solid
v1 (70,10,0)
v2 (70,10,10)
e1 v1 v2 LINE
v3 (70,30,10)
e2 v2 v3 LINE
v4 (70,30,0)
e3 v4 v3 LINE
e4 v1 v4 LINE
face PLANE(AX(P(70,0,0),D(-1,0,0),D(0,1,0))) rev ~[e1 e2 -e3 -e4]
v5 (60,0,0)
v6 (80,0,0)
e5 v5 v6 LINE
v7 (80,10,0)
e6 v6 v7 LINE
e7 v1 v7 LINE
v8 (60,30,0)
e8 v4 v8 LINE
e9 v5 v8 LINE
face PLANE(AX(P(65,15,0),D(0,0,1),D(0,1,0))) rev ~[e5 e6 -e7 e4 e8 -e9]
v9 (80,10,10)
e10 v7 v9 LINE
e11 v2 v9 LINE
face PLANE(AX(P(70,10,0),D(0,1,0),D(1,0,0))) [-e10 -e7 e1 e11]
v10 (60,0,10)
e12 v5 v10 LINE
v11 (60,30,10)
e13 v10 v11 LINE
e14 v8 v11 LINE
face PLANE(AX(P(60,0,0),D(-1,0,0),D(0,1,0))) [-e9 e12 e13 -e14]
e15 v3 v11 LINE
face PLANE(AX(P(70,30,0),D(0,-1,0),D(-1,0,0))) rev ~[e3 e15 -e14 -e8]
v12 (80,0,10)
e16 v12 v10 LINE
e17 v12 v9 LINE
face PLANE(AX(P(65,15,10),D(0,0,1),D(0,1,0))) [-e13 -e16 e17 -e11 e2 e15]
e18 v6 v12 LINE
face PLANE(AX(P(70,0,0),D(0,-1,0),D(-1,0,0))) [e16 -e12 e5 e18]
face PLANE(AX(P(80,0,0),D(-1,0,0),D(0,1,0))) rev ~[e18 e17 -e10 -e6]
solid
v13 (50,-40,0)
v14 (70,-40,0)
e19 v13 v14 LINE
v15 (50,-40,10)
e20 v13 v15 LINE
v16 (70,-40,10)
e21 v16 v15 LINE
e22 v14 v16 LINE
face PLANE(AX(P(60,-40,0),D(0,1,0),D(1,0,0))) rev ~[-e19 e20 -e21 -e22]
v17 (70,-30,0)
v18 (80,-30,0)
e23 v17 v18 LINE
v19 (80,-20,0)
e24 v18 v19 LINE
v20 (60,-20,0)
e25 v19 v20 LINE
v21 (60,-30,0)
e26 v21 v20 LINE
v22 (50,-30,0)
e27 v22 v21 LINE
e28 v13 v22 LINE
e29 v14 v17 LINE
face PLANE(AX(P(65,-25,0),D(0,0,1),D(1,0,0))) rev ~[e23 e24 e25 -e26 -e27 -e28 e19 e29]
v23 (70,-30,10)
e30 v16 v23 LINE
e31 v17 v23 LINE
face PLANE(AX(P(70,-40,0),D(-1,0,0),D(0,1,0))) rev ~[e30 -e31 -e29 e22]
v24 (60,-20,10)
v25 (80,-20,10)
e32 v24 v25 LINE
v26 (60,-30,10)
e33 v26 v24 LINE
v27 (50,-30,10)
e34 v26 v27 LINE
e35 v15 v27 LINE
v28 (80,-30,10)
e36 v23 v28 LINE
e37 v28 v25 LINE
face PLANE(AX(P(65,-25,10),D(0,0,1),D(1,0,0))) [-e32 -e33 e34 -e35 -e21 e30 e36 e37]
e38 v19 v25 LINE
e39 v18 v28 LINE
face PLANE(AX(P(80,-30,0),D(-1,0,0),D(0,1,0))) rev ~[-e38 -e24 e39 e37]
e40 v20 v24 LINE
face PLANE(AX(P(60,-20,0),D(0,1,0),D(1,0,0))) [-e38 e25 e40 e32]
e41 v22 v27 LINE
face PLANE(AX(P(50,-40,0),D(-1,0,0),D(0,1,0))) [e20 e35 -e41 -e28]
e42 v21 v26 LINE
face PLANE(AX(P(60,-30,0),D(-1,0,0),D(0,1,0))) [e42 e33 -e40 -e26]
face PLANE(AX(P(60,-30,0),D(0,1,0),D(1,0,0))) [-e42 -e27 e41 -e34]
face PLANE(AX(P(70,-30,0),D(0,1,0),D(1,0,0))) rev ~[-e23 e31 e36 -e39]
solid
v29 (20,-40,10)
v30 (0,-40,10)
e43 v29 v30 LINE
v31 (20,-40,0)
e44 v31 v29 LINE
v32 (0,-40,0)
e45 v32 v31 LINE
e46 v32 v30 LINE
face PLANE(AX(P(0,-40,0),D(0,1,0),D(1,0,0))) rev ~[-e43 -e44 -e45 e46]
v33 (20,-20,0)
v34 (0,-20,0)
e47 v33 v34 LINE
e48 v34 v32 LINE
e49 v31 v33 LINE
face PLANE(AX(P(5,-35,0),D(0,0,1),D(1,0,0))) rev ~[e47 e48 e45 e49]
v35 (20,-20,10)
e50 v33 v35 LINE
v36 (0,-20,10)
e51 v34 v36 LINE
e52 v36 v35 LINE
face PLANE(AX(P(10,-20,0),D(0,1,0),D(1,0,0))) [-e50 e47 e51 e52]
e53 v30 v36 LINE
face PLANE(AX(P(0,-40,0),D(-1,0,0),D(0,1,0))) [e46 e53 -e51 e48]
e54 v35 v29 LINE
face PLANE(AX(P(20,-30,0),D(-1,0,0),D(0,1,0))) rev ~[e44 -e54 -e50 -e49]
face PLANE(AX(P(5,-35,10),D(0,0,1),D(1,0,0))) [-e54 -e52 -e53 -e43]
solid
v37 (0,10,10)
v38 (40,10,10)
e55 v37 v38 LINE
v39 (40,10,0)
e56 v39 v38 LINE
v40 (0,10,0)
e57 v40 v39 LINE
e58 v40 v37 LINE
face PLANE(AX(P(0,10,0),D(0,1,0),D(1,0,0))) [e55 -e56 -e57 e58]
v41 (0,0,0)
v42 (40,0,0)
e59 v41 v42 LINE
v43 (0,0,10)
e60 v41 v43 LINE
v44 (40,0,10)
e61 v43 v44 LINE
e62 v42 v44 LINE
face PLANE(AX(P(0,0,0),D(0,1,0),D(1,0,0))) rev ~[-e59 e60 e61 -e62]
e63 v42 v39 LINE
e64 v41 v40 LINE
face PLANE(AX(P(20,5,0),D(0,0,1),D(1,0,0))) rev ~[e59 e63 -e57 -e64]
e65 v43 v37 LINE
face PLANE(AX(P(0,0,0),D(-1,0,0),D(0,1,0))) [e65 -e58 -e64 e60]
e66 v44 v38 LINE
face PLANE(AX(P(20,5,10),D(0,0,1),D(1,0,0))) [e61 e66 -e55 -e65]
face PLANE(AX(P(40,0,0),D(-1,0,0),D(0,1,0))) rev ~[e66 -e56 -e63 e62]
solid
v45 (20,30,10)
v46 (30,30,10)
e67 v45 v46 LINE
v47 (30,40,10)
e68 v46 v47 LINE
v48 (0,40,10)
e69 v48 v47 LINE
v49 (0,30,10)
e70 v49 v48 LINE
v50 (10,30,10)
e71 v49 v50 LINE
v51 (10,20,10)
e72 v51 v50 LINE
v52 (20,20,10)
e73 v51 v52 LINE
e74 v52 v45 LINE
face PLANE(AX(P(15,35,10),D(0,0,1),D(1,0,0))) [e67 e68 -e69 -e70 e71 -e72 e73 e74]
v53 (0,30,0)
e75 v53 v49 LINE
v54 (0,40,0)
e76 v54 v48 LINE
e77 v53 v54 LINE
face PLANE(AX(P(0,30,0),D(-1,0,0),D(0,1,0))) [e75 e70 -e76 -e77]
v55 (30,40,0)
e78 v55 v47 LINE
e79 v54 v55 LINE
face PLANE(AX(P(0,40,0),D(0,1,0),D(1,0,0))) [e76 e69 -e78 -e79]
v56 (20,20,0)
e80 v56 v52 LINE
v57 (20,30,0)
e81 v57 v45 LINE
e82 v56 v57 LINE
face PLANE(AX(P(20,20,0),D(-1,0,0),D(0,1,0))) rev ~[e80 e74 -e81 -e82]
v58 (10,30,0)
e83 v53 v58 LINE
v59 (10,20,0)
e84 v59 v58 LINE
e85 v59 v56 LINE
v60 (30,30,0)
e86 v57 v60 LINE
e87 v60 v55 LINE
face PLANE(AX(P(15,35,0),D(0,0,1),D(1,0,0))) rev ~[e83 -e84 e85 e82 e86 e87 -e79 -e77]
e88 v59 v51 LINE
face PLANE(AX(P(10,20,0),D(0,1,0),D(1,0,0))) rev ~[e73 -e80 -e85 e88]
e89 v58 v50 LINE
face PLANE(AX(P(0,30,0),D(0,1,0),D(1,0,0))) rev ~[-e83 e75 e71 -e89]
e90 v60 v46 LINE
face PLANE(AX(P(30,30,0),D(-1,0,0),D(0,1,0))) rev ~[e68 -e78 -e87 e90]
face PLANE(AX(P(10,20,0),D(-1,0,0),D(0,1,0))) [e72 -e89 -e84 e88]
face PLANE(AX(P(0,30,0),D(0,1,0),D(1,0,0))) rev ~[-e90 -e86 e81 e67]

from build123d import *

# Parameters (mm, degrees)
BOX_W        = 40
BOX_H        = 10
BOX_DEPTH    = 10
BOX001_W     = 30
BOX001_H     = 10
BOX001_DEPTH = 10
BOX002_W     = 10
BOX002_H     = 10
BOX002_DEPTH = 10
BOX003_W     = 10
BOX003_H     = 10
BOX003_DEPTH = 10
BOX004_W     = 10
BOX004_H     = 10
BOX004_DEPTH = 10
BOX005_W     = 10
BOX005_H     = 10
BOX005_DEPTH = 10
BOX006_W     = 10
BOX006_H     = 10
BOX006_DEPTH = 10
BOX007_W     = 30
BOX007_H     = 10
BOX007_DEPTH = 10
BOX008_W     = 10
BOX008_H     = 10
BOX008_DEPTH = 10
BOX009_W     = 10
BOX009_H     = 10
BOX009_DEPTH = 10
BOX010_W     = 10
BOX010_H     = 10
BOX010_DEPTH = 10
BOX011_W     = 10
BOX011_H     = 10
BOX011_DEPTH = 10
BOX012_W     = 10
BOX012_H     = 10
BOX012_DEPTH = 10


with BuildPart() as cub:
    # Box → Box (new body)
    with BuildSketch(Plane.XY):
        with Locations((20, 5)):
            Rectangle(BOX_W, BOX_H)
    extrude(amount=BOX_DEPTH)


with BuildPart() as cub001:
    # Box001 → Box001 (new body)
    with BuildSketch(Plane(origin=(0, 30, 0), x_dir=(1, 0, 0), z_dir=(0, 0, 1))):
        with Locations((15, 5)):
            Rectangle(BOX001_W, BOX001_H)
    extrude(amount=BOX001_DEPTH)


with BuildPart() as fusion:
    # Box002 → Box002 (new body)
    with BuildSketch(Plane(origin=(10, 20, 0), x_dir=(1, 0, 0), z_dir=(0, 0, 1))):
        with Locations((5, 5)):
            Rectangle(BOX002_W, BOX002_H)
    extrude(amount=BOX002_DEPTH)

    # Fusion: union Cub001
    add(cub001.part)


with BuildPart() as cub003:
    # Box003 → Box003 (new body)
    with BuildSketch(Plane(origin=(0, -30, 0), x_dir=(1, 0, 0), z_dir=(0, 0, 1))):
        with Locations((5, 5)):
            Rectangle(BOX003_W, BOX003_H)
    extrude(amount=BOX003_DEPTH)


with BuildPart() as cub004:
    # Box004 → Box004 (new body)
    with BuildSketch(Plane(origin=(10, -30, 0), x_dir=(1, 0, 0), z_dir=(0, 0, 1))):
        with Locations((5, 5)):
            Rectangle(BOX004_W, BOX004_H)
    extrude(amount=BOX004_DEPTH)


with BuildPart() as cub005:
    # Box005 → Box005 (new body)
    with BuildSketch(Plane(origin=(0, -40, 0), x_dir=(1, 0, 0), z_dir=(0, 0, 1))):
        with Locations((5, 5)):
            Rectangle(BOX005_W, BOX005_H)
    extrude(amount=BOX005_DEPTH)


with BuildPart() as fusion001:
    # Box006 → Box006 (new body)
    with BuildSketch(Plane(origin=(10, -40, 0), x_dir=(1, 0, 0), z_dir=(0, 0, 1))):
        with Locations((5, 5)):
            Rectangle(BOX006_W, BOX006_H)
    extrude(amount=BOX006_DEPTH)

    # Fusion001: union Cub003, Cub004, Cub005
    add(cub003.part)
    add(cub004.part)
    add(cub005.part)


with BuildPart() as cub007:
    # Box007 → Box007 (new body)
    with BuildSketch(Plane(origin=(70, 0, 0), x_dir=(0, 1, 0), z_dir=(0, 0, 1))):
        with Locations((15, 5)):
            Rectangle(BOX007_W, BOX007_H)
    extrude(amount=BOX007_DEPTH)


with BuildPart() as fusion002:
    # Box008 → Box008 (new body)
    with BuildSketch(Plane(origin=(70, 0, 0), x_dir=(1, 0, 0), z_dir=(0, 0, 1))):
        with Locations((5, 5)):
            Rectangle(BOX008_W, BOX008_H)
    extrude(amount=BOX008_DEPTH)

    # Fusion002: union Cub007
    add(cub007.part)


with BuildPart() as cub009:
    # Box009 → Box009 (new body)
    with BuildSketch(Plane(origin=(50, -40, 0), x_dir=(1, 0, 0), z_dir=(0, 0, 1))):
        with Locations((5, 5)):
            Rectangle(BOX009_W, BOX009_H)
    extrude(amount=BOX009_DEPTH)


with BuildPart() as cub010:
    # Box010 → Box010 (new body)
    with BuildSketch(Plane(origin=(60, -40, 0), x_dir=(1, 0, 0), z_dir=(0, 0, 1))):
        with Locations((5, 5)):
            Rectangle(BOX010_W, BOX010_H)
    extrude(amount=BOX010_DEPTH)


with BuildPart() as cub011:
    # Box011 → Box011 (new body)
    with BuildSketch(Plane(origin=(60, -30, 0), x_dir=(1, 0, 0), z_dir=(0, 0, 1))):
        with Locations((5, 5)):
            Rectangle(BOX011_W, BOX011_H)
    extrude(amount=BOX011_DEPTH)


with BuildPart() as fusion003:
    # Box012 → Box012 (new body)
    with BuildSketch(Plane(origin=(70, -30, 0), x_dir=(1, 0, 0), z_dir=(0, 0, 1))):
        with Locations((5, 5)):
            Rectangle(BOX012_W, BOX012_H)
    extrude(amount=BOX012_DEPTH)

    # Fusion003: union Cub009, Cub010, Cub011
    add(cub009.part)
    add(cub010.part)
    add(cub011.part)


solid = Compound([cub.part, fusion.part, fusion001.part, fusion002.part, fusion003.part])
